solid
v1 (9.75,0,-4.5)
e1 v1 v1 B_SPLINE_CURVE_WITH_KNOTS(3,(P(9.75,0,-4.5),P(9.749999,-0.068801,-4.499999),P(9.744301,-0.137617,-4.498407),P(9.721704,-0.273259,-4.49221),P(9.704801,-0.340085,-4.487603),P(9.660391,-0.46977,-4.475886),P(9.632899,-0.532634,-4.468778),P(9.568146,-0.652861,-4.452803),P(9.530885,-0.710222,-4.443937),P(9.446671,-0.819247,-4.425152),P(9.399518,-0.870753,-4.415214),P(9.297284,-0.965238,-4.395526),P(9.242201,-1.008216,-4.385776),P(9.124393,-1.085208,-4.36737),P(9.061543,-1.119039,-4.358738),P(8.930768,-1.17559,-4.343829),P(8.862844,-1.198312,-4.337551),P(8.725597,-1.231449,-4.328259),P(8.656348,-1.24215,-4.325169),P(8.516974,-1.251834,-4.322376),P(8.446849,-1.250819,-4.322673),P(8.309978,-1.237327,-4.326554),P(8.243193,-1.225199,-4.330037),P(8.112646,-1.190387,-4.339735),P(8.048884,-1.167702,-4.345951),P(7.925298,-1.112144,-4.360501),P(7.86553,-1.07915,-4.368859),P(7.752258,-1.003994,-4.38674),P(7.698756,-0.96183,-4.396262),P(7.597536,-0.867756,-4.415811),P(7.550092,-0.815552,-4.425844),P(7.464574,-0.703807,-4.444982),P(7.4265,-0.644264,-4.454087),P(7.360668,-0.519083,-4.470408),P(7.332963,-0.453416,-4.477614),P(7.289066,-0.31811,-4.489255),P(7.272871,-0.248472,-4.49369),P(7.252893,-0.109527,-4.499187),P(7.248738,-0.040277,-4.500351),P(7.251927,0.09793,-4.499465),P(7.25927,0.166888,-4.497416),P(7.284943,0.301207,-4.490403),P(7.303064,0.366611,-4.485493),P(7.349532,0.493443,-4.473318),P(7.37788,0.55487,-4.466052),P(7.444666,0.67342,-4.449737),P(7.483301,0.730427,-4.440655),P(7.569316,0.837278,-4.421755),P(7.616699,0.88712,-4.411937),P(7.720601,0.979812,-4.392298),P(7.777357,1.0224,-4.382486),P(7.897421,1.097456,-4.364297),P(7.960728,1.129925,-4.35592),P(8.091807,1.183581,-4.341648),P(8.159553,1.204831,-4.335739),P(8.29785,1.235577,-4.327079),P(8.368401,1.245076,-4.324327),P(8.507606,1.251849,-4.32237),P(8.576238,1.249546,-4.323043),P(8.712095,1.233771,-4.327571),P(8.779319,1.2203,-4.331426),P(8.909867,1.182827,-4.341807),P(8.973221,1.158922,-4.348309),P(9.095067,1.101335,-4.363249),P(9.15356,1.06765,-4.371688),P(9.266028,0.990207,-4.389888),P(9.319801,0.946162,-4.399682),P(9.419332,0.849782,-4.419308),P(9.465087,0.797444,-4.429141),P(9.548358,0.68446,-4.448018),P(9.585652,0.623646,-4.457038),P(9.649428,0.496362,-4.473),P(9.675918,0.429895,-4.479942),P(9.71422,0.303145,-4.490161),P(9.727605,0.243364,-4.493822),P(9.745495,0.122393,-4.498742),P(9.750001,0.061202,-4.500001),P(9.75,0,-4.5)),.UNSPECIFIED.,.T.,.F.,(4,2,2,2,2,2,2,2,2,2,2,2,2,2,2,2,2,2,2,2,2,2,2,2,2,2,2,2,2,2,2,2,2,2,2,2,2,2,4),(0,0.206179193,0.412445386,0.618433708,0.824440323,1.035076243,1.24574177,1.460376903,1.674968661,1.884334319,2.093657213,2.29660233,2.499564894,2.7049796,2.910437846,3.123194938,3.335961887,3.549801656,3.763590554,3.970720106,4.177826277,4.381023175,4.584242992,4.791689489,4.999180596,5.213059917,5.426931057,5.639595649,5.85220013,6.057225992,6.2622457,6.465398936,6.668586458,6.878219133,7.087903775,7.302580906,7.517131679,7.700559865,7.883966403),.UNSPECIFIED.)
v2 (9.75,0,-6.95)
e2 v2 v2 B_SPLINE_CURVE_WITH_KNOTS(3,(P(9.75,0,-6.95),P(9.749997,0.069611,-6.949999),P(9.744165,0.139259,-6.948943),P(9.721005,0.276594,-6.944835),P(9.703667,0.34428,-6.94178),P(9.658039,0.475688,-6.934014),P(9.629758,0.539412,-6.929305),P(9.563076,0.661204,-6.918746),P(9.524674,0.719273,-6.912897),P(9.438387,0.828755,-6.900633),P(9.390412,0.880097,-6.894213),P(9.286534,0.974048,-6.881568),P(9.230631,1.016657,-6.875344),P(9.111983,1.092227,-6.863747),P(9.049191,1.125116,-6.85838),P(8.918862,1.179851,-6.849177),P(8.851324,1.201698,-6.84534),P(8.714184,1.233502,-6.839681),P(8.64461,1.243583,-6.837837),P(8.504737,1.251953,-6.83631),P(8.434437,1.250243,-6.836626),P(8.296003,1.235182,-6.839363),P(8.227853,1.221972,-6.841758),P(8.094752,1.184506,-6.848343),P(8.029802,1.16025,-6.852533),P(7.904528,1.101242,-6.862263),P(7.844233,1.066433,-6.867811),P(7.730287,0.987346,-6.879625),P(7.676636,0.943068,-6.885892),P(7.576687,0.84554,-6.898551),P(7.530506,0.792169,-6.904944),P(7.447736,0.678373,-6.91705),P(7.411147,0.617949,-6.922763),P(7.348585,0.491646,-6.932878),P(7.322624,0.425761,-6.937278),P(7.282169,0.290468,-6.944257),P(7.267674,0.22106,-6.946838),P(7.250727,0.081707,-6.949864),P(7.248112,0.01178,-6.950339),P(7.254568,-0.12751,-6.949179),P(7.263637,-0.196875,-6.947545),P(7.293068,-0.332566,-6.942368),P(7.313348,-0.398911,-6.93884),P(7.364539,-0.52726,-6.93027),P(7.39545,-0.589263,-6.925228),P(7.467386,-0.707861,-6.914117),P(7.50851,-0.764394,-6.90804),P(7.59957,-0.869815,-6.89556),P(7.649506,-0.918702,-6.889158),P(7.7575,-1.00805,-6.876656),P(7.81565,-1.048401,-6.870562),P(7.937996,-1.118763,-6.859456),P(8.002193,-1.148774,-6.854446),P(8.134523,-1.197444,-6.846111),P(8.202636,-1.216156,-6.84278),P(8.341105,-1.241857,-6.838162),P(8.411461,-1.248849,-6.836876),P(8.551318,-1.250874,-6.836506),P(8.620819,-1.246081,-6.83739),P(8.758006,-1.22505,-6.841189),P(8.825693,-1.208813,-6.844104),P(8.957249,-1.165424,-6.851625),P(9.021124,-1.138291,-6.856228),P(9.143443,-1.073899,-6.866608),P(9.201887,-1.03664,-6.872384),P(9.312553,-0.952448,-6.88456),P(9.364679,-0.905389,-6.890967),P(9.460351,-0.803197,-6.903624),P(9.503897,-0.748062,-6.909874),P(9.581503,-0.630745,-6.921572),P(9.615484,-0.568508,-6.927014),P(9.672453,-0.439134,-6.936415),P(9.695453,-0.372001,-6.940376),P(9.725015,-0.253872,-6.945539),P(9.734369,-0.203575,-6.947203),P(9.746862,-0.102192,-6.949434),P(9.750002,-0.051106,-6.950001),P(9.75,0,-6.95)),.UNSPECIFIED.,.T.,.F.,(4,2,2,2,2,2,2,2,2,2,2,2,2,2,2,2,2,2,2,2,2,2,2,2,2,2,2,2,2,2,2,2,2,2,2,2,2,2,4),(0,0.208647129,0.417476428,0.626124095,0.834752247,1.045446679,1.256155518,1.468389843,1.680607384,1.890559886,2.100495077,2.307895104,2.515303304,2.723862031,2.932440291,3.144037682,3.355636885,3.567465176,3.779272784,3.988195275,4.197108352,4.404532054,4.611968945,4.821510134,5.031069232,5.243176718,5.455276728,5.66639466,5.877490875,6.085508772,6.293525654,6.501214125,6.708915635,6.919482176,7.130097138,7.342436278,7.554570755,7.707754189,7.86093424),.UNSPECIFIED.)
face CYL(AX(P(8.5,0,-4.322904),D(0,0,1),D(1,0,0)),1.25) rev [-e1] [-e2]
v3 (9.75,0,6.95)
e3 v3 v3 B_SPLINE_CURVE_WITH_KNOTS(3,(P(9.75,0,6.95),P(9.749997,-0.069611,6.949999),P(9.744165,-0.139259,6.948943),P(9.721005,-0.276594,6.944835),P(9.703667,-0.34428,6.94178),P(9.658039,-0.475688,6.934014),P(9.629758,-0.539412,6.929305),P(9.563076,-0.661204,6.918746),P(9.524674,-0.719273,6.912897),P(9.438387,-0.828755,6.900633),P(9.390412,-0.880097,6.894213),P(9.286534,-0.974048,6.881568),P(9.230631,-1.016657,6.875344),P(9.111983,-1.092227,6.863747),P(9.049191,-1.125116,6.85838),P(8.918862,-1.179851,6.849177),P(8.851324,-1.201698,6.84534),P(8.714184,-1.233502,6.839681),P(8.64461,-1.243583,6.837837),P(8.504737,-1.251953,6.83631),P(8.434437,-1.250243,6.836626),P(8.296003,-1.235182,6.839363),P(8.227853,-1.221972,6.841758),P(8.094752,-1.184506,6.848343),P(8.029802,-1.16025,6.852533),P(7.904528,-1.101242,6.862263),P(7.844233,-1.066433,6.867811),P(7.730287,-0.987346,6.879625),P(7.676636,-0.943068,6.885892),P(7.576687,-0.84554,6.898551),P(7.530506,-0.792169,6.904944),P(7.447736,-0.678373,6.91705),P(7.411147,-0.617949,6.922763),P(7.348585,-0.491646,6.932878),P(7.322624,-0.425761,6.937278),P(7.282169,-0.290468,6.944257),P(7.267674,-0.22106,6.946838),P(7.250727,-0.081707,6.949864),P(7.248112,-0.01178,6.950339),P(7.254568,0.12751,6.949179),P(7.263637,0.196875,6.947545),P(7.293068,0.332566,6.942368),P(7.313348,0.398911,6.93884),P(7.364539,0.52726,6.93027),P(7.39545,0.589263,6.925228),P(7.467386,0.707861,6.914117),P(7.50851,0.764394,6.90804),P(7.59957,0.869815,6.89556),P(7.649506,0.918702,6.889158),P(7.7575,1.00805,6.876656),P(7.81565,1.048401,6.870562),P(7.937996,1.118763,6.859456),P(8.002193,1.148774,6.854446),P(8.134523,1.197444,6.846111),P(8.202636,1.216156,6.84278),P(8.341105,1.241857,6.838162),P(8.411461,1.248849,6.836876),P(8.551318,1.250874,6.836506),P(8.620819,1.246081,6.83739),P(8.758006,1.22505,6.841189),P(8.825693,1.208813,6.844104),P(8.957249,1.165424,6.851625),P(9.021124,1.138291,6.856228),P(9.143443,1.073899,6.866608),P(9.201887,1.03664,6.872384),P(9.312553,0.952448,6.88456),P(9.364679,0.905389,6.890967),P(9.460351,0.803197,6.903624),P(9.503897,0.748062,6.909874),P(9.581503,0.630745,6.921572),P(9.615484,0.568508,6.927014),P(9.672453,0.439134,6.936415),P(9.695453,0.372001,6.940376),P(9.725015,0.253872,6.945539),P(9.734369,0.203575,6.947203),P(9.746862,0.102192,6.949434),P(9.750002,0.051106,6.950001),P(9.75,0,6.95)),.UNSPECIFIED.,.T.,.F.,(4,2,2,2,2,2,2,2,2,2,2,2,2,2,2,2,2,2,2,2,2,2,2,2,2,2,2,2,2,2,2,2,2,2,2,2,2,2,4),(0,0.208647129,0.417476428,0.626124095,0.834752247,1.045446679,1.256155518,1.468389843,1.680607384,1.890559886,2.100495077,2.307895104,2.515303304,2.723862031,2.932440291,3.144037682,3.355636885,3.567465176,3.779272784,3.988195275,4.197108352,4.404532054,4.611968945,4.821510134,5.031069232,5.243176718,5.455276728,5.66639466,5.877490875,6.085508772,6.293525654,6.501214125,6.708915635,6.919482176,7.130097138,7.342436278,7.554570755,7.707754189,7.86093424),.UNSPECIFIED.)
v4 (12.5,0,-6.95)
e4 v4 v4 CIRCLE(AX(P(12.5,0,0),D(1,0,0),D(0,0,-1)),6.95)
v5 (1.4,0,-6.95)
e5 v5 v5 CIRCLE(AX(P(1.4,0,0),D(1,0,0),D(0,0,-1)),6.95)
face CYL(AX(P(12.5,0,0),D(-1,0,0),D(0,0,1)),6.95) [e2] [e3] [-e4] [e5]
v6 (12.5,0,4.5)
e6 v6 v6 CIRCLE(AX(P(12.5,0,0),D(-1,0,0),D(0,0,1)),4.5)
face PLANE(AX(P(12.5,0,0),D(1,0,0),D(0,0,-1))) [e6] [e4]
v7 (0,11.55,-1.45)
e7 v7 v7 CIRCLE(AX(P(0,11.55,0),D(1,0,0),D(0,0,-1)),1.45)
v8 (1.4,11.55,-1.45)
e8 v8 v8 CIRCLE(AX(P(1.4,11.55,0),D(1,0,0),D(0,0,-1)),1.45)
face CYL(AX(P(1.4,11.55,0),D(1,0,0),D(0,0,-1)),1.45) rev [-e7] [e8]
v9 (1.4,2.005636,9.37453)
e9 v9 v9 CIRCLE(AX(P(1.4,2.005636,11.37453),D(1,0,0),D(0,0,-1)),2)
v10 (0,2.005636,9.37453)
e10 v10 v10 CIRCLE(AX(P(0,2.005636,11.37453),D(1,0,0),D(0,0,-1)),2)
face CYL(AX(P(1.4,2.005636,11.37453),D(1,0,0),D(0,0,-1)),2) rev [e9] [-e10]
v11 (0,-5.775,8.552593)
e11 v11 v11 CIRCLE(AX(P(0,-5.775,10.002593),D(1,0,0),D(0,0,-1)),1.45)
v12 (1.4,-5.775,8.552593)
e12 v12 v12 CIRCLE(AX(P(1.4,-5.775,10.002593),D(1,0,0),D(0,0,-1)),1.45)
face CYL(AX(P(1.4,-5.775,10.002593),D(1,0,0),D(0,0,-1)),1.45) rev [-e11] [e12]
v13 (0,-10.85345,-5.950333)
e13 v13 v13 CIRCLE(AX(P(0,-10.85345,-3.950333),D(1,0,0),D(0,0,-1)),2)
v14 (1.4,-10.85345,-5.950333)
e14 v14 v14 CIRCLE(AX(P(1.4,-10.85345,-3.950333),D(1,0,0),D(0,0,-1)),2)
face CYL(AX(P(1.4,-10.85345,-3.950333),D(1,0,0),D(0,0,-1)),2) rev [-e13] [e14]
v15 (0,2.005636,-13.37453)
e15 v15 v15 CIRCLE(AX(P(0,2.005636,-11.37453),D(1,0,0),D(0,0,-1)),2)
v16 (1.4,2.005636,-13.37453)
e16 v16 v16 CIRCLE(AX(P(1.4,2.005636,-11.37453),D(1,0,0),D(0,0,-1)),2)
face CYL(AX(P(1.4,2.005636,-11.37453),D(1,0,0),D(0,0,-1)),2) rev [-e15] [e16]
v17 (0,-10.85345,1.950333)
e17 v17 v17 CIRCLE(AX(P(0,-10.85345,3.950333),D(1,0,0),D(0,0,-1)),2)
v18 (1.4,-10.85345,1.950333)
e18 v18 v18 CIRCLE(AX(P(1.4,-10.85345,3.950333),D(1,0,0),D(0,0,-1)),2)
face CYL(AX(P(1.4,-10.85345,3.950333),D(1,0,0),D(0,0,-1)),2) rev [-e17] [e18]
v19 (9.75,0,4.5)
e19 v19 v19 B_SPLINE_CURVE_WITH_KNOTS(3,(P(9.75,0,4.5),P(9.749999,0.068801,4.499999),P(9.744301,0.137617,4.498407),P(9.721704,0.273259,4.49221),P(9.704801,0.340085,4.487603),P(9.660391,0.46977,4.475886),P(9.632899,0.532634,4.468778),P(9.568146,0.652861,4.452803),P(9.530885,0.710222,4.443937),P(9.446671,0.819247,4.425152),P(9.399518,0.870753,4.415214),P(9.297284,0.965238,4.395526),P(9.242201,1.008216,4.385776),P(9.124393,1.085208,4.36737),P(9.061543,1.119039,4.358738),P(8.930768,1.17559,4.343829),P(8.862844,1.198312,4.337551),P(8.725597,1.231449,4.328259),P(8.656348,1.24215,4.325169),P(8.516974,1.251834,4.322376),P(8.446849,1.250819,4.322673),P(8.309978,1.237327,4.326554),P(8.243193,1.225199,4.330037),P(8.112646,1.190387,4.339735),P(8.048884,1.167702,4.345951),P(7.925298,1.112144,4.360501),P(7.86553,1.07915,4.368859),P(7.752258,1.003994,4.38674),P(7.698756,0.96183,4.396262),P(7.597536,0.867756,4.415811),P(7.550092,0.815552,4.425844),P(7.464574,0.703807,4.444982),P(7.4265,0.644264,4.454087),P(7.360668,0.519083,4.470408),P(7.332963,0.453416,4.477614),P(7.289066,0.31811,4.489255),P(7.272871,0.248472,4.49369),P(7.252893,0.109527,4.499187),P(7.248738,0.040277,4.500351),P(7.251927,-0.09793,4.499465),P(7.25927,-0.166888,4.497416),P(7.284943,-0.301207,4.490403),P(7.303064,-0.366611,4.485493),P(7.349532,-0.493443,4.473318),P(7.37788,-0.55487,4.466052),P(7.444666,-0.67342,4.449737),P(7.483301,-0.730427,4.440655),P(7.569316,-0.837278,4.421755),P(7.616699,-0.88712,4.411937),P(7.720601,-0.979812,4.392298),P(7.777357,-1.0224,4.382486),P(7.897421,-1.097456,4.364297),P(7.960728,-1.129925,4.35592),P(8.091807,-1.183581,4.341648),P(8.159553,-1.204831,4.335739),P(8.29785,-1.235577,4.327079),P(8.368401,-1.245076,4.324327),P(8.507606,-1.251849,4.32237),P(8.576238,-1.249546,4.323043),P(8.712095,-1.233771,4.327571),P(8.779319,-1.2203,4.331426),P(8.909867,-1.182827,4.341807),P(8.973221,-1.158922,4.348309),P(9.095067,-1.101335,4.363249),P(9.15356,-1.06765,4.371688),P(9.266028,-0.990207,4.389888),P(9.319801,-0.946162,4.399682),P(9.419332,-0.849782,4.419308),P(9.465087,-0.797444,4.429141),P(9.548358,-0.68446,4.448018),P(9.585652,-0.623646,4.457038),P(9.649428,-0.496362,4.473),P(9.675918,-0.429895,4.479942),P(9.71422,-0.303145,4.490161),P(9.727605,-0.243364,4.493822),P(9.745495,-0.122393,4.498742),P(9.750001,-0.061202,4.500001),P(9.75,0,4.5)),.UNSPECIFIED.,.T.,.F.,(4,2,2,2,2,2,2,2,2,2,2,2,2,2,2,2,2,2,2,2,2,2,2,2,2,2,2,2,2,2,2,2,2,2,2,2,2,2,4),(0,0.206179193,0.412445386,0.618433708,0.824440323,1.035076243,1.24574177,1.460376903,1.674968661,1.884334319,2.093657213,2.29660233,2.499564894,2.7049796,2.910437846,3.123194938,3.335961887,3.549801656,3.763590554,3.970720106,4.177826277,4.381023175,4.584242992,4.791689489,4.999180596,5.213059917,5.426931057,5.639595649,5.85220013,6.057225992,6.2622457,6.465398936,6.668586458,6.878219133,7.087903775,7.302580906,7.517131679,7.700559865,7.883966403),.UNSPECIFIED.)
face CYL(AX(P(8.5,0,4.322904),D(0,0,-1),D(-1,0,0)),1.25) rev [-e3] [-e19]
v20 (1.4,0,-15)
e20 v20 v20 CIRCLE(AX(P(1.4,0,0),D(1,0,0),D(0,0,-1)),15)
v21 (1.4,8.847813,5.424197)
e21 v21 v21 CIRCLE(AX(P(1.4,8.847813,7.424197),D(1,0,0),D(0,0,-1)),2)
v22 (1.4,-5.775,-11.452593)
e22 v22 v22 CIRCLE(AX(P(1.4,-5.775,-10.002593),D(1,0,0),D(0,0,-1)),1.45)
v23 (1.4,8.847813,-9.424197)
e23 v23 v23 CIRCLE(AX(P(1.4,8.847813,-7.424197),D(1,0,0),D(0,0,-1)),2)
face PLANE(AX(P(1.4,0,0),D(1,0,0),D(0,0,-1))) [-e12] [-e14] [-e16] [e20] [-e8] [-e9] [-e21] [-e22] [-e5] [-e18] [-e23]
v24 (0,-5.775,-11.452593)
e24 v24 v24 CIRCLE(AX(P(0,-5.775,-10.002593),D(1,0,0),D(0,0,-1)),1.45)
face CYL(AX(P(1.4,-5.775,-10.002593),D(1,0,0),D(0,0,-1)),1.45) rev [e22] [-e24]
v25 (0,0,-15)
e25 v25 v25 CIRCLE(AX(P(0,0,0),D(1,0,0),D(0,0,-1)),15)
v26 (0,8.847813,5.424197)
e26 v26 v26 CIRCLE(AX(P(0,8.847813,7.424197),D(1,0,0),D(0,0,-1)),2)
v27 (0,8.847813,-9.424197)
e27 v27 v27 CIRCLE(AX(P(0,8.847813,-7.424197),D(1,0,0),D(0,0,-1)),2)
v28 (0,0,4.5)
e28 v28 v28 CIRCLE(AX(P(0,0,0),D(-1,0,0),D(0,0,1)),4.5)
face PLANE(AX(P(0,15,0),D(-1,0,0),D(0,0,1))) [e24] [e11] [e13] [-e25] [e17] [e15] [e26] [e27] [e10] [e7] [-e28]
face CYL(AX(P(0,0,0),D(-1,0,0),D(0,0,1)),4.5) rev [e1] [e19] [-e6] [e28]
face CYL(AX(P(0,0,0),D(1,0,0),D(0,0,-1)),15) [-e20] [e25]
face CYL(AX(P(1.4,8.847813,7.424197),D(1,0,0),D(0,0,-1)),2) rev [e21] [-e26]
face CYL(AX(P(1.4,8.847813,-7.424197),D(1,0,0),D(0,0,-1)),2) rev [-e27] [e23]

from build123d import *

# Parameters (mm, degrees)
SKETCH1_W                      = 1.4
SKETCH1_H                      = 15
SKETCH2_R                      = 6.95
BOSS_EXTRUDE1_DEPTH            = 11.1
F_4_0_4_DIAMETER_HOLE1_D       = 4
F_4_0_4_DIAMETER_HOLE1_DEPTH   = 1.4
F_2_9_2_9_DIAMETER_HOLE1_D     = 2.9
F_2_9_2_9_DIAMETER_HOLE1_DEPTH = 1.4
F_9_0_9_DIAMETER_HOLE1_D       = 9
F_9_0_9_DIAMETER_HOLE1_DEPTH   = 12.5
SKETCH9_W                      = 1.25
SKETCH9_H                      = 10.677095884
F_2_5_2_5_DIAMETER_HOLE2_D     = 2.5
F_2_5_2_5_DIAMETER_HOLE2_DEPTH = 10.677095884


with BuildPart() as part:
    # Sketch1 → Revolve1 (revolve)
    with BuildSketch(Plane.XY):
        with Locations((0.7, 7.5)):
            Rectangle(SKETCH1_W, SKETCH1_H)
    revolve(axis=Axis((0, 0, 0), (1, 0, 0)))

    # Sketch2 → Boss-Extrude1 (add)
    with BuildSketch(Plane(origin=(1.4, 0, 0), x_dir=(0, 0, -1), z_dir=(1, 0, 0))):
        Circle(SKETCH2_R)
    extrude(amount=BOSS_EXTRUDE1_DEPTH)

    # Ø4.0 (4) Diameter Hole1
    with Locations(Plane(origin=(1.4, 0, 0), x_dir=(0, 0, -1), z_dir=(1, 0, 0))):
        with Locations((-7.424196892, 8.847813318), (-11.374529547, 2.005636452), (-3.950332655, -10.85344977), (3.950332655, -10.85344977), (11.374529547, 2.005636452), (7.424196892, 8.847813318)):
            Hole(F_4_0_4_DIAMETER_HOLE1_D / 2, depth=F_4_0_4_DIAMETER_HOLE1_DEPTH)

    # Ø2.9 (2.9) Diameter Hole1
    with Locations(Plane(origin=(1.4, 0, 0), x_dir=(0, 0, -1), z_dir=(1, 0, 0))):
        with Locations((0, 11.55), (-10.002593414, -5.775), (10.002593414, -5.775)):
            Hole(F_2_9_2_9_DIAMETER_HOLE1_D / 2, depth=F_2_9_2_9_DIAMETER_HOLE1_DEPTH)

    # Ø9.0 (9) Diameter Hole1
    with Locations(Plane.ZY):
        with Locations((0, 0)):
            Hole(F_9_0_9_DIAMETER_HOLE1_D / 2, depth=F_9_0_9_DIAMETER_HOLE1_DEPTH)

    # Sketch9 → Ø2.5 (2.5) Diameter Hole1 (revolve, cut)
    with BuildSketch(Plane(origin=(8.5, 0, -4.322904116), x_dir=(0, -1, 0), z_dir=(1, 0, 0))):
        with Locations((0.625, 5.338547942)):
            Rectangle(SKETCH9_W, SKETCH9_H)
    revolve(axis=Axis((8.5, 0, 2.027095884), (0, 0, -1)), mode=Mode.SUBTRACT)

    # Ø2.5 (2.5) Diameter Hole2
    with Locations(Plane(origin=(0, 0, 4.322904116), x_dir=(-1, 0, 0), z_dir=(0, 0, -1))):
        with Locations((-8.5, 0)):
            Hole(F_2_5_2_5_DIAMETER_HOLE2_D / 2, depth=F_2_5_2_5_DIAMETER_HOLE2_DEPTH)


solid = part.part
